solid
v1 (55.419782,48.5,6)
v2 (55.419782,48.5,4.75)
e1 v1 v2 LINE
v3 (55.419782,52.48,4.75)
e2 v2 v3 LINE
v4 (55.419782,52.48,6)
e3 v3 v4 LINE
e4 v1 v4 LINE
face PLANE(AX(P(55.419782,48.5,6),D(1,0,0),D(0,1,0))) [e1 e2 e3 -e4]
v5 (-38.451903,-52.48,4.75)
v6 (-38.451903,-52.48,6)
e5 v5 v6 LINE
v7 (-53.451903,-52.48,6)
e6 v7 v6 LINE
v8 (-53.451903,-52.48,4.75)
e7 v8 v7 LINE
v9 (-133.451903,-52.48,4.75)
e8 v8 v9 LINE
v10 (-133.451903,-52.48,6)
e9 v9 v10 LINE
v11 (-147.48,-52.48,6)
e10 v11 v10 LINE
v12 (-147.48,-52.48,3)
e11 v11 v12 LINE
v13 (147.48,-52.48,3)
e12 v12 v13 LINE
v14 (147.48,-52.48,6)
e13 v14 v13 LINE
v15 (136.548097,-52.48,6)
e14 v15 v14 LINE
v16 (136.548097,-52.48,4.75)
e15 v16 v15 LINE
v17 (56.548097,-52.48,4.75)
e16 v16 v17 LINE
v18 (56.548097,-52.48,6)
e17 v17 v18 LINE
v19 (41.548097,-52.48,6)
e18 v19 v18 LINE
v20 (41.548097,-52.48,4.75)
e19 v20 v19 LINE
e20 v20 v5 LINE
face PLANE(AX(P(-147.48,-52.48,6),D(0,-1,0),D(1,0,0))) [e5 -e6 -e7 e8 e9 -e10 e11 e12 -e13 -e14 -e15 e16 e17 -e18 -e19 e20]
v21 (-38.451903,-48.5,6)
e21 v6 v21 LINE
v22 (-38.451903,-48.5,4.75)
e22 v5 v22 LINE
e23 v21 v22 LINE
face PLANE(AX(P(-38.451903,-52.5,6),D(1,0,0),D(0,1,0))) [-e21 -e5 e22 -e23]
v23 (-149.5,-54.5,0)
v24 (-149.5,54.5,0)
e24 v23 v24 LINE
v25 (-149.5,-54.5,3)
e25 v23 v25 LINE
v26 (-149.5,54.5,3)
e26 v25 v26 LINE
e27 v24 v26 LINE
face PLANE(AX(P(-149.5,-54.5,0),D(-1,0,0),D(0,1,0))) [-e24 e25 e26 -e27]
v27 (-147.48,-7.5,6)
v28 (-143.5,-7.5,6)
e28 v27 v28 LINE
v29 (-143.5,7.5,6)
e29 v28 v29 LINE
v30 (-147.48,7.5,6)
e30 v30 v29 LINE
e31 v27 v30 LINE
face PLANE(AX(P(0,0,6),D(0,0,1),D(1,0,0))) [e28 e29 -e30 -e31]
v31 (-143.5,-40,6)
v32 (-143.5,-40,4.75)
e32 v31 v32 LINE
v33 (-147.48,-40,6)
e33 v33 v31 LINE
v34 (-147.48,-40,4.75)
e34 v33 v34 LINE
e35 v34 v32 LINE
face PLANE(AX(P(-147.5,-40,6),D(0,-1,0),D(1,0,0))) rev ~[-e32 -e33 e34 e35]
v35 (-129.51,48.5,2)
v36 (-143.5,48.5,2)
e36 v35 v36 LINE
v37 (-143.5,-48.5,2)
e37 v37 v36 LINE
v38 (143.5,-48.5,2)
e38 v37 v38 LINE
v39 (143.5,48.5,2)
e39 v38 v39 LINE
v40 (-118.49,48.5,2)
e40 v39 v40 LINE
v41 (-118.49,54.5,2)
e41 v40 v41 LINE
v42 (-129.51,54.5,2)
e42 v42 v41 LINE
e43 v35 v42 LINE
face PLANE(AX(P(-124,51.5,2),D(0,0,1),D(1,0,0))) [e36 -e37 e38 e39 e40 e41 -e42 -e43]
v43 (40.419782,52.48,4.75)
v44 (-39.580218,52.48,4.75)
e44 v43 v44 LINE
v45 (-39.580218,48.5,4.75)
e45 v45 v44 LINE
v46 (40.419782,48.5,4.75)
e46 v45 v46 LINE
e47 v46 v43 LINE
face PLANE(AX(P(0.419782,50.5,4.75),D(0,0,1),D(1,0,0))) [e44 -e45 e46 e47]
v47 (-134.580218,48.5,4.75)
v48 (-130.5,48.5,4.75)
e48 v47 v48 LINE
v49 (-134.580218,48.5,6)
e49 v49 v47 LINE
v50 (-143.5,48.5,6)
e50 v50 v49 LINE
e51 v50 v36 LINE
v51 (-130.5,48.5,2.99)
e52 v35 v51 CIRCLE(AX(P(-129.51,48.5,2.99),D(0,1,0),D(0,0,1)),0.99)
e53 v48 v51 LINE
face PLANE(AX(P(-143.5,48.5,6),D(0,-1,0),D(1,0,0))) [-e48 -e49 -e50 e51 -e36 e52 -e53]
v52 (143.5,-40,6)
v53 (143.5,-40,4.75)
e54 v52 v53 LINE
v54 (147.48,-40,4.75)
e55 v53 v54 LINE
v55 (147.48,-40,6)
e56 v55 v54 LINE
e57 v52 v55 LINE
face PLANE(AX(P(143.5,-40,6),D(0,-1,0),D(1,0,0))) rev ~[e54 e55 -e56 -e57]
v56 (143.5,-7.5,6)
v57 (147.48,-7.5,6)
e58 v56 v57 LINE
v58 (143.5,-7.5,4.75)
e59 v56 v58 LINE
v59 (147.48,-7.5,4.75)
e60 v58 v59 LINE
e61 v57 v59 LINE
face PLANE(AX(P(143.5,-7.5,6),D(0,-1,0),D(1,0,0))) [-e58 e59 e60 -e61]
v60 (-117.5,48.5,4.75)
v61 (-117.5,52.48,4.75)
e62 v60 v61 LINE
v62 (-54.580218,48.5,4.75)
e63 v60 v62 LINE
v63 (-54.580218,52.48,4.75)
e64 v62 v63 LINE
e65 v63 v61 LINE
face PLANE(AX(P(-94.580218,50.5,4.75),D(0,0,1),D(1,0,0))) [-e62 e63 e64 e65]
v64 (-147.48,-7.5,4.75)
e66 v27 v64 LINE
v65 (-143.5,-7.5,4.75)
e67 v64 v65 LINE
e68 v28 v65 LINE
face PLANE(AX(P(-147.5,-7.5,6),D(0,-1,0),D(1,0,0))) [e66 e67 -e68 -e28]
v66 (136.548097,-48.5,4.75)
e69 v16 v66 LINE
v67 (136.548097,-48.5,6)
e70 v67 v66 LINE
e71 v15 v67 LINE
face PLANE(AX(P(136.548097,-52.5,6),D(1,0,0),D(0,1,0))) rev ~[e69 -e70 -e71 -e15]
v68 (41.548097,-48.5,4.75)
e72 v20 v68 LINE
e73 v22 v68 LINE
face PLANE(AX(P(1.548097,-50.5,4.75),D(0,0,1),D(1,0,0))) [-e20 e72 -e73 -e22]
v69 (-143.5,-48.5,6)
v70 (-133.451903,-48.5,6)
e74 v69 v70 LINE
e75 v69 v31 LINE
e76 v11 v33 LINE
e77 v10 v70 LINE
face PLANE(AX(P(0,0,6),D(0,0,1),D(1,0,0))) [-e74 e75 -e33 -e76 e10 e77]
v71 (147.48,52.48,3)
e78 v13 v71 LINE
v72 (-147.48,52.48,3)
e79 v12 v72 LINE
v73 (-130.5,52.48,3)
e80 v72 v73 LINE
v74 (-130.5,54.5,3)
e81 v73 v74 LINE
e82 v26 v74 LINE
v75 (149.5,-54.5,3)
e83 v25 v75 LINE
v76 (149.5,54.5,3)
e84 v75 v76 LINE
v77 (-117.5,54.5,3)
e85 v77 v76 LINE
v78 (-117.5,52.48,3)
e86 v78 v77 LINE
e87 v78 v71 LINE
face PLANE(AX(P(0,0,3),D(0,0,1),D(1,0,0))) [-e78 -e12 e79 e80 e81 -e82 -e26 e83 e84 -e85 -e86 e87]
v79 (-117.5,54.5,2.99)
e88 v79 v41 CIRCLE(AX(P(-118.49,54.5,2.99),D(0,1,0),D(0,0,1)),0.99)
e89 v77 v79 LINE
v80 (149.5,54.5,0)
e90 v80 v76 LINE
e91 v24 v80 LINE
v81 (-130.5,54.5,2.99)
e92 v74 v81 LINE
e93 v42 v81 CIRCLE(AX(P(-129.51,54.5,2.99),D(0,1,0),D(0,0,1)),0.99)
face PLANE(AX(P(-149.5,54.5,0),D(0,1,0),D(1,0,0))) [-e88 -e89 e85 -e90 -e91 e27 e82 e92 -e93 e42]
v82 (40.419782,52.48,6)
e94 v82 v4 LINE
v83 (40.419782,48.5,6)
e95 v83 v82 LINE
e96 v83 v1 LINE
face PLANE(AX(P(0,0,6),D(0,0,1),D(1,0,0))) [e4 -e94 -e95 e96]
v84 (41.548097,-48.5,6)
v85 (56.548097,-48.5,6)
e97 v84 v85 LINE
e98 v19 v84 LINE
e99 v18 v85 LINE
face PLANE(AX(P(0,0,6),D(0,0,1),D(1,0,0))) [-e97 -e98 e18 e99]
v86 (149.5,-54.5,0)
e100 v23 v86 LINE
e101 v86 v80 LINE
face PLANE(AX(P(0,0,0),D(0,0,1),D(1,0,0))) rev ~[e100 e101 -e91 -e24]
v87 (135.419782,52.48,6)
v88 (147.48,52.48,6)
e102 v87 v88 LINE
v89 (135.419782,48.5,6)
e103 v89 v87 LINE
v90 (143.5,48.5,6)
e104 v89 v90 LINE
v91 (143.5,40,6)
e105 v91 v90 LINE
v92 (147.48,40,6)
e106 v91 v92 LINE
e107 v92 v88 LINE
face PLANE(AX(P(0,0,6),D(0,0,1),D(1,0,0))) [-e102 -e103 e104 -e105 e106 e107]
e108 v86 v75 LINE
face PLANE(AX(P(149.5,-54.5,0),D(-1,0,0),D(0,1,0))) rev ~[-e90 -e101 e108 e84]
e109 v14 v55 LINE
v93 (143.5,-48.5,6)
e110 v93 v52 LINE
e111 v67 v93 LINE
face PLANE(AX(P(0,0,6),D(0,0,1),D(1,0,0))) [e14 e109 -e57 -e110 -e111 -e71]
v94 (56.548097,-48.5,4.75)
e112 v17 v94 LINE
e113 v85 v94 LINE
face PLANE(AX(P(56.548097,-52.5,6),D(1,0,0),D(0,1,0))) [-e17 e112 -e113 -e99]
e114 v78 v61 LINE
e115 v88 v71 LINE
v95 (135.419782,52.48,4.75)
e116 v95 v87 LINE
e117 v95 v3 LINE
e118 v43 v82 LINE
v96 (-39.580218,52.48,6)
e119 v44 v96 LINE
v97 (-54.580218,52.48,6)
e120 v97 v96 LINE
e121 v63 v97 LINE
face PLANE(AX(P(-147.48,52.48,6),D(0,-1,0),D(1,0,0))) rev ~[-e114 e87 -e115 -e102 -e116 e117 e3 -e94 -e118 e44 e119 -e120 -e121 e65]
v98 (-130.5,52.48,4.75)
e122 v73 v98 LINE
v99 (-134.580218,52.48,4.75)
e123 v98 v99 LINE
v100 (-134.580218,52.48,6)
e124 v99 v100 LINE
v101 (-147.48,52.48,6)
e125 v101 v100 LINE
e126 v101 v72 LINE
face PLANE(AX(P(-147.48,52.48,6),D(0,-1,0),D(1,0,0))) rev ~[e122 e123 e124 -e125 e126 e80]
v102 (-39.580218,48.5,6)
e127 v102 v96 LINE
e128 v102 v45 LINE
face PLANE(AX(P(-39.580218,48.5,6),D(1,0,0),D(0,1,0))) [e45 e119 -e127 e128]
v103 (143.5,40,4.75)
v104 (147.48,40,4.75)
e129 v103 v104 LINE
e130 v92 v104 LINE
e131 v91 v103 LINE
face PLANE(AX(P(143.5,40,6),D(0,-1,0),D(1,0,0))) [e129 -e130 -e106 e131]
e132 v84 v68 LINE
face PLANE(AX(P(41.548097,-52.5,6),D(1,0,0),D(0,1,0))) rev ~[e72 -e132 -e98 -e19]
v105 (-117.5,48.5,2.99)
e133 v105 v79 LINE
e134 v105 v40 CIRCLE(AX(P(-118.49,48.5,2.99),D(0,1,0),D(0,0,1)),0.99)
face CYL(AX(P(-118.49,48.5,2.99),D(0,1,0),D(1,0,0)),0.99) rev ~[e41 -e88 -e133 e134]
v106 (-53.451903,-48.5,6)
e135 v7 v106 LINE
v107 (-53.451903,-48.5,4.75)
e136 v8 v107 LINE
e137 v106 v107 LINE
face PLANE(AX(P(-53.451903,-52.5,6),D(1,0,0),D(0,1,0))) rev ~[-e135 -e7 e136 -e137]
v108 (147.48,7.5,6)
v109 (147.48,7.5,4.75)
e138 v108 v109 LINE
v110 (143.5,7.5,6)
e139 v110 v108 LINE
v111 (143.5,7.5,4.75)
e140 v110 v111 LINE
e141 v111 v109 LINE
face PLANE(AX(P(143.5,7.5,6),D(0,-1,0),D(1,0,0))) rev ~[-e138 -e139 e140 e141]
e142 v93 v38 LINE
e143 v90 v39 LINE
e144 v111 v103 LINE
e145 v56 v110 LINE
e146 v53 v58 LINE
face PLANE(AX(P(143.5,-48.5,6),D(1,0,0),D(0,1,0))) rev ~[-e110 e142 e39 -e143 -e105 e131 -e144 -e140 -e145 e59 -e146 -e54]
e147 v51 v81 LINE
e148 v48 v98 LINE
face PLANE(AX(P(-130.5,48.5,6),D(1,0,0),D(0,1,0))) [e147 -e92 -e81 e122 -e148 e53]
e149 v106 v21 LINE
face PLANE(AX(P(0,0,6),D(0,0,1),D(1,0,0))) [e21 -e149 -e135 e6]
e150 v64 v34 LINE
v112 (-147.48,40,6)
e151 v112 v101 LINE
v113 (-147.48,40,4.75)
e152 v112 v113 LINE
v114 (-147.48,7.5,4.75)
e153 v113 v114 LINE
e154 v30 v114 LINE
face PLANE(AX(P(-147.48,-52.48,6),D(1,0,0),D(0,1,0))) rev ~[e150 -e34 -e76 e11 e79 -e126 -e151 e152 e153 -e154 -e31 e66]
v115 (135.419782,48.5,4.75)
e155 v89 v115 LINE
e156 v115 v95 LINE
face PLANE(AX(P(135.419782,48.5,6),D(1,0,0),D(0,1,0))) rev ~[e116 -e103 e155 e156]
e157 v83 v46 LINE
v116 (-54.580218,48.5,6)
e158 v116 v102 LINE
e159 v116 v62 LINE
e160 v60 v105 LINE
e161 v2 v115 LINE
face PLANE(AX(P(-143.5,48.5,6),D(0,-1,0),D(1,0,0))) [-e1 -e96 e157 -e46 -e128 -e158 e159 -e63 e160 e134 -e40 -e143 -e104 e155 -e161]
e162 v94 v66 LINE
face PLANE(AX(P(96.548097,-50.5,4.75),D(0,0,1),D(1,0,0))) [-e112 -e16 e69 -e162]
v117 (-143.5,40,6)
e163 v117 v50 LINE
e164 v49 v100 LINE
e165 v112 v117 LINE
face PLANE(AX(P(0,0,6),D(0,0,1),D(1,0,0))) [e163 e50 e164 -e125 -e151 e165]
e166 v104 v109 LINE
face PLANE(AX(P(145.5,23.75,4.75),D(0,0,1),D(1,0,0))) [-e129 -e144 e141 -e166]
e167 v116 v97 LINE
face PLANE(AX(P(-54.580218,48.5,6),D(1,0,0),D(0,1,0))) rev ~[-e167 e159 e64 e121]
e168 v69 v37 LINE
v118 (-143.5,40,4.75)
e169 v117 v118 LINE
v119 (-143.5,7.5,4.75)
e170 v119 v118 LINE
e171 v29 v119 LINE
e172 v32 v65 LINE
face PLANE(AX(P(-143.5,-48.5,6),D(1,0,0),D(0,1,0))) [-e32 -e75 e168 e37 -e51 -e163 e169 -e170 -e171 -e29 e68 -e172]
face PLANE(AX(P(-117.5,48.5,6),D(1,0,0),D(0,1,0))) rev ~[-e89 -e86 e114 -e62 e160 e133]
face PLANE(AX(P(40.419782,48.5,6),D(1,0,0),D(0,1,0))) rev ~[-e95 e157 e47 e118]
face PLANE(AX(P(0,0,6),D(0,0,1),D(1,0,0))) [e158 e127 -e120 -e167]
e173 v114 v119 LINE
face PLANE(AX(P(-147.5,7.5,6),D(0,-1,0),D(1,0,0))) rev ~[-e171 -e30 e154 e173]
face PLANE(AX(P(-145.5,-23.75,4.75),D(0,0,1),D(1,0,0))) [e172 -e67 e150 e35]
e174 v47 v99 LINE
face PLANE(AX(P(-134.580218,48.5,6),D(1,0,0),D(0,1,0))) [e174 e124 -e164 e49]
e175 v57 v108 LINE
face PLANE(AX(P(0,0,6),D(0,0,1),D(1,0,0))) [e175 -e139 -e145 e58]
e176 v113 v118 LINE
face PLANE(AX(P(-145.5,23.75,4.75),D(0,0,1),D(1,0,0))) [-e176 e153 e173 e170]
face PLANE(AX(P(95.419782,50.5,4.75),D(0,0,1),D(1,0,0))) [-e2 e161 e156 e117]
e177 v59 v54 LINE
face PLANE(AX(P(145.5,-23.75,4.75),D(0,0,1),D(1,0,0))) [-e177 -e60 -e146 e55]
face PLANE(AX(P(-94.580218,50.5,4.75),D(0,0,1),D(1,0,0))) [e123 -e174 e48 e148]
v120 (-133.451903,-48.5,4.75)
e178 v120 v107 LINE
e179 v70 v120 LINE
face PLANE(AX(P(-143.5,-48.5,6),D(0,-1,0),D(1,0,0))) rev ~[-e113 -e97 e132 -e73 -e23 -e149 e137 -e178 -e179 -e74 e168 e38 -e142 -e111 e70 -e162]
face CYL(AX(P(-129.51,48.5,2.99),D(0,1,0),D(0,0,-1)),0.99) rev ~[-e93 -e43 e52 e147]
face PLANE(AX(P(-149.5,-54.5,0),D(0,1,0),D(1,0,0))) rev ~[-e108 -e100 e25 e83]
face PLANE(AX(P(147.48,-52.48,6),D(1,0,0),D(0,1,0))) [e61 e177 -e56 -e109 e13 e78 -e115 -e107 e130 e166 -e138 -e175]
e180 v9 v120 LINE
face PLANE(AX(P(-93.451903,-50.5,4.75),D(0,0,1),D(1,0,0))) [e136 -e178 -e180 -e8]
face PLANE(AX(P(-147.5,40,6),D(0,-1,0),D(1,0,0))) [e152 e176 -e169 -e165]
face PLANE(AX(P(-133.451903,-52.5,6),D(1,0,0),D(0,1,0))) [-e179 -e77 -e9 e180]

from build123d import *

# Parameters (mm, degrees)
SKETCH001_W     = 299
SKETCH001_H     = 109
PAD_DEPTH       = 6
SKETCH002_W     = 287
SKETCH002_H     = 97
POCKET_DEPTH    = 4
SKETCH003_W     = 299
SKETCH003_H     = 109
SKETCH003_W_2   = 294.96
SKETCH003_H_2   = 104.96
POCKET001_DEPTH = 3
SKETCH004_W     = 80
SKETCH004_H     = 4
SKETCH004_W_2   = 4
SKETCH004_H_2   = 32.5
POCKET002_DEPTH = 1.25
SKETCH_W        = 13
SKETCH_H        = 6
POCKET003_DEPTH = 4
FILLET_R        = 0.99
FILLET001_R     = 0.99


with BuildPart() as part:
    # Sketch001 → Pad (new body)
    with BuildSketch(Plane.XY):
        Rectangle(SKETCH001_W, SKETCH001_H)
    extrude(amount=PAD_DEPTH)

    # Sketch002 (on Face6 of Pad) → Pocket (cut)
    with BuildSketch(Plane.XY.offset(6)):
        Rectangle(SKETCH002_W, SKETCH002_H)
    extrude(amount=-POCKET_DEPTH, mode=Mode.SUBTRACT)

    # Sketch003 (on Face5 of Pocket) → Pocket001 (cut)
    with BuildSketch(Plane.XY.offset(6)):
        Rectangle(SKETCH003_W, SKETCH003_H)
        Rectangle(SKETCH003_W_2, SKETCH003_H_2, mode=Mode.SUBTRACT)
    extrude(amount=-POCKET001_DEPTH, mode=Mode.SUBTRACT)

    # Sketch004 (on Face11 of Pocket001) → Pocket002 (cut)
    with BuildSketch(Plane.XY.offset(6)):
        with Locations((-94.580218, 50.5)):
            Rectangle(SKETCH004_W, SKETCH004_H)
        with Locations((0.419782, 50.5)):
            Rectangle(SKETCH004_W, SKETCH004_H)
        with Locations((95.419782, 50.5)):
            Rectangle(SKETCH004_W, SKETCH004_H)
        with Locations((96.548097, -50.5)):
            Rectangle(SKETCH004_W, SKETCH004_H)
        with Locations((1.548097, -50.5)):
            Rectangle(SKETCH004_W, SKETCH004_H)
        with Locations((-93.451903, -50.5)):
            Rectangle(SKETCH004_W, SKETCH004_H)
        with Locations((-145.5, 23.75)):
            Rectangle(SKETCH004_W_2, SKETCH004_H_2)
        with Locations((-145.5, -23.75)):
            Rectangle(SKETCH004_W_2, SKETCH004_H_2)
        with Locations((145.5, 23.75)):
            Rectangle(SKETCH004_W_2, SKETCH004_H_2)
        with Locations((145.5, -23.75)):
            Rectangle(SKETCH004_W_2, SKETCH004_H_2)
    extrude(amount=-POCKET002_DEPTH, mode=Mode.SUBTRACT)

    # Sketch (on Face43 of Pocket002) → Pocket003 (cut)
    with BuildSketch(Plane.XY.offset(6)):
        with Locations((-124, 51.5)):
            Rectangle(SKETCH_W, SKETCH_H)
    extrude(amount=-POCKET003_DEPTH, mode=Mode.SUBTRACT)

    # Fillet
    fillet_edges = [part.edges().sort_by_distance(p)[0] for p in [
        (-130.5, 51.5, 2),
    ]]
    fillet(fillet_edges, radius=FILLET_R)

    # Fillet001
    fillet001_edges = [part.edges().sort_by_distance(p)[0] for p in [
        (-117.5, 51.5, 2),
    ]]
    fillet(fillet001_edges, radius=FILLET001_R)


solid = part.part
